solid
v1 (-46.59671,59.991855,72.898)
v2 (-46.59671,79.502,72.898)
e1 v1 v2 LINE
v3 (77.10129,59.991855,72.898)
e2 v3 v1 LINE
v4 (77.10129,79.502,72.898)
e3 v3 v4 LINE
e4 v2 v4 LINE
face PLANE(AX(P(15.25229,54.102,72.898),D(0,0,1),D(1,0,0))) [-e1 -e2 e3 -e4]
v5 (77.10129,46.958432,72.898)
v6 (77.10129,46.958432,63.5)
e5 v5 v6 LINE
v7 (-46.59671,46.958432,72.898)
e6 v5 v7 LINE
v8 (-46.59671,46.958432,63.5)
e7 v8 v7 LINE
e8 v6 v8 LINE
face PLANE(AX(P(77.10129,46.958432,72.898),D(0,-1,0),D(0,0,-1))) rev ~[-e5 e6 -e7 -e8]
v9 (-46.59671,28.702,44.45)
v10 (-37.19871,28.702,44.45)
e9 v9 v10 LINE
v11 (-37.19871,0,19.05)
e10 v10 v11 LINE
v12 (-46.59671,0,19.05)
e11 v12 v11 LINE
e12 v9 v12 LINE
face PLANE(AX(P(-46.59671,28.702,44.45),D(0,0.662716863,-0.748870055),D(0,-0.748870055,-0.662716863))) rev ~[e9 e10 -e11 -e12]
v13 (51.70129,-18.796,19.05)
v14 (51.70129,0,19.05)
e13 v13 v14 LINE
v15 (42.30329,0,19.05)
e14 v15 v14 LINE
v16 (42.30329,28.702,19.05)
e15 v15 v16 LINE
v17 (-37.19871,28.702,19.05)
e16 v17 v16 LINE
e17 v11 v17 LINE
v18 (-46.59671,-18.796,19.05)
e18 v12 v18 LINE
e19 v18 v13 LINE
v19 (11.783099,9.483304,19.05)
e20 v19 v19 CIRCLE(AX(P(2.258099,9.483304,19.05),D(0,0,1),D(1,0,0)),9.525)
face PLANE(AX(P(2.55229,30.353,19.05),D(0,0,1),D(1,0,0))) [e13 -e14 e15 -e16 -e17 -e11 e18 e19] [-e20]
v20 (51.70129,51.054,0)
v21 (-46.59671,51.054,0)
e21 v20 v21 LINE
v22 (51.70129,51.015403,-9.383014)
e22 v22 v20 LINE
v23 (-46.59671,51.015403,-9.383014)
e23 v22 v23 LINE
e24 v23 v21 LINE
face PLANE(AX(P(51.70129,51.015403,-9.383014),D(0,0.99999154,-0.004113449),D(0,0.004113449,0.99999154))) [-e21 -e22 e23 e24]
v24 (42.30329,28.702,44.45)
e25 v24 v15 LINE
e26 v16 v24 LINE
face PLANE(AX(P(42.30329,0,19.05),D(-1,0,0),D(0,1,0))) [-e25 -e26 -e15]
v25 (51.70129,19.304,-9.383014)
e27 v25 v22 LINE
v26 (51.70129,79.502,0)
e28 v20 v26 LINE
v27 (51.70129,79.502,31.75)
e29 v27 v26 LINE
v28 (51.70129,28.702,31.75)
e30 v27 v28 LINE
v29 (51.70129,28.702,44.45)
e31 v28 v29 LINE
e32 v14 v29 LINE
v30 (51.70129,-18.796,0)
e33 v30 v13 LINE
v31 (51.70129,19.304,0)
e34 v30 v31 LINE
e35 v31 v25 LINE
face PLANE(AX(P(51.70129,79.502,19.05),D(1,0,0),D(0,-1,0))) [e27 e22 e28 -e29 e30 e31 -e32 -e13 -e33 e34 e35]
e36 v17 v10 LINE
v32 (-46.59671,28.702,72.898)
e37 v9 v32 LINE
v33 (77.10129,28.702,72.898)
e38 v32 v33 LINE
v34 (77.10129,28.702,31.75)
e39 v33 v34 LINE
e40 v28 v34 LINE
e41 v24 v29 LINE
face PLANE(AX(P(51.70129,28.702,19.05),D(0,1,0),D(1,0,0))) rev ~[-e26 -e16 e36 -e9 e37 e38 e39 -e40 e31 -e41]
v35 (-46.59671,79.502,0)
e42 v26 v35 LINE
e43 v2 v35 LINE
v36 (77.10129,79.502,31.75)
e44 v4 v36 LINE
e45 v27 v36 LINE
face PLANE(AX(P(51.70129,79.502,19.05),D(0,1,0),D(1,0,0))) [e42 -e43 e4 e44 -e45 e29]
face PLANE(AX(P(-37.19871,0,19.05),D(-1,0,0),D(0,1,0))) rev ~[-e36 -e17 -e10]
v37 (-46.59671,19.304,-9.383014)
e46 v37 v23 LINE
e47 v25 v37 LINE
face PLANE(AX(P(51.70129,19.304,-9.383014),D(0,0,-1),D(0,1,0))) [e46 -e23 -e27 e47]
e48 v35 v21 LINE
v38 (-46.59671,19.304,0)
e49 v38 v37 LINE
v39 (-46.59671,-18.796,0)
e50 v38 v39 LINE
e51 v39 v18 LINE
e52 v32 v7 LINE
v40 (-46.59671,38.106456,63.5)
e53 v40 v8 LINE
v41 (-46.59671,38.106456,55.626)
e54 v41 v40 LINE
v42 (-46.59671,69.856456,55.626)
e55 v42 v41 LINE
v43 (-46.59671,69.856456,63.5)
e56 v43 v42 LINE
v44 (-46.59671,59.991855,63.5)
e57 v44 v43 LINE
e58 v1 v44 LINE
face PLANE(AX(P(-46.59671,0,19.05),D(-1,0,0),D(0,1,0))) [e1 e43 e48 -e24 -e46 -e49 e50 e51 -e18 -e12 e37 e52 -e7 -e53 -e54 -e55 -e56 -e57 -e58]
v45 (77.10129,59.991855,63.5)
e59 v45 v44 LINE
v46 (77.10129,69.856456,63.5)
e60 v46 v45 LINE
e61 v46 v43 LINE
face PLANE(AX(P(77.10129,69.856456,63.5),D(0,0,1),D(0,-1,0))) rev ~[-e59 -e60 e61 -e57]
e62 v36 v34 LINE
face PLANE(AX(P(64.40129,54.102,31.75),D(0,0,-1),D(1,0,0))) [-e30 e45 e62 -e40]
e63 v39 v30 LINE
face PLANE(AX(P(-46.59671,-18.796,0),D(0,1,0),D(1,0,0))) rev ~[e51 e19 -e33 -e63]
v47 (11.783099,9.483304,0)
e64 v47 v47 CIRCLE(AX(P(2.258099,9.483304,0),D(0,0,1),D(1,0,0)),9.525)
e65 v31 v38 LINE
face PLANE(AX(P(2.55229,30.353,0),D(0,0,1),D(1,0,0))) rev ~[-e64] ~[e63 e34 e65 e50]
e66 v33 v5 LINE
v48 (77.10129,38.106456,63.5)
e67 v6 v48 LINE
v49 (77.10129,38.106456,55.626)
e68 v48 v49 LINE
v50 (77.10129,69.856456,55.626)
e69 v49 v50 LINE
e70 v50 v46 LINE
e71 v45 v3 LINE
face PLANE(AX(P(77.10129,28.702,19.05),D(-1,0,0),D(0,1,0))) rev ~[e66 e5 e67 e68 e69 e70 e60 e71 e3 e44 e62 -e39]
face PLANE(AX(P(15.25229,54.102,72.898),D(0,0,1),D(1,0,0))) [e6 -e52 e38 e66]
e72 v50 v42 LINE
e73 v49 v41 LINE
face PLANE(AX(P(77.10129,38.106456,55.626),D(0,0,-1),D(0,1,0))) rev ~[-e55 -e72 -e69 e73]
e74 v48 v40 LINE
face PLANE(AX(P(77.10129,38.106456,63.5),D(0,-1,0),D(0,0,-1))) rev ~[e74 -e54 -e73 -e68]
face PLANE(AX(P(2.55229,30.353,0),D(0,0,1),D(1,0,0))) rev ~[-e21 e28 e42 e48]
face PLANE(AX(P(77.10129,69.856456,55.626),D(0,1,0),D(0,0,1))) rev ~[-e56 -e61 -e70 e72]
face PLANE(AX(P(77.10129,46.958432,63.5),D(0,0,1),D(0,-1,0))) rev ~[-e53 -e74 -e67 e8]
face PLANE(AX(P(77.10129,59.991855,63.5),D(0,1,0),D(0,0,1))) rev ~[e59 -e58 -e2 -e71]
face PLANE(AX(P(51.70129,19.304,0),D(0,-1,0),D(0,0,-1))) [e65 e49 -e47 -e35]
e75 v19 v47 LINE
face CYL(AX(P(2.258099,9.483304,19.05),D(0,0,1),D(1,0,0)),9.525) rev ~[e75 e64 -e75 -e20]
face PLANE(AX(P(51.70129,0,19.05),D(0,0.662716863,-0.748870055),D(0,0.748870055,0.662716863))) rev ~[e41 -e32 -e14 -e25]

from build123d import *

# Parameters (mm, degrees)
F1_DEPTH  = 19.05
F3_DEPTH  = 98.298
F4_W      = 123.698
F4_H      = 50.8
F5_DEPTH  = 53.848
F6_W      = 9.398
F6_H      = 28.702
F7_DEPTH  = 25.4
F9_DEPTH  = 25.4
F10_W     = 9.398
F10_H     = 28.702
F11_DEPTH = 25.4
F13_DEPTH = 25.4
F14_R     = 9.525
F15_DEPTH = 25.4
F17_DEPTH = 227.838
F18_DEPTH = 12.7
F19_W     = 25.4
F19_H     = 50.8
F20_DEPTH = 12.7


with BuildPart() as f1:
    # F0 (on Top) → F1 (new body)
    with BuildSketch(Plane.XY):
        Polygon((51.7012895381, 79.502), (-46.5967104619, 79.502), (-46.5967104619, 30.353), (-46.5967104619, -1.397), (-46.5967104619, -18.796), (51.7012895381, -18.796), align=None)
    extrude(amount=F1_DEPTH)

    # F2 (on face) → F3 (join)
    with BuildSketch(Plane.YZ.offset(51.7012895381)):
        Polygon((51.0154031217, -9.3830144033), (51.054, 0), (19.304, 0), (19.304, -9.3830144033), align=None)
    extrude(amount=-F3_DEPTH)

    # F4 (on face) → F5 (join)
    with BuildSketch(Plane.XY.offset(19.05)):
        with Locations((15.2522895381, 54.102)):
            Rectangle(F4_W, F4_H)
    extrude(amount=F5_DEPTH)

    # F6 (on face) → F7 (join)
    with BuildSketch(Plane.XY.offset(19.05)):
        with Locations((47.0022895381, 14.351)):
            Rectangle(F6_W, F6_H)
    extrude(amount=F7_DEPTH)

    # F8 (on face) → F9 (cut)
    with BuildSketch(Plane.YZ.offset(51.7012895381)):
        Polygon((0, 44.45), (0, 19.05), (28.702, 44.45), align=None)
    extrude(amount=-F9_DEPTH, mode=Mode.SUBTRACT)

    # F10 (on face) → F11 (join)
    with BuildSketch(Plane.XY.offset(19.05)):
        with Locations((-41.8977104619, 14.351)):
            Rectangle(F10_W, F10_H)
    extrude(amount=F11_DEPTH)

    # F12 (on face) → F13 (cut)
    with BuildSketch(Plane(origin=(-46.5967104619, 0, 0), x_dir=(0, -1, 0), z_dir=(-1, 0, 0))):
        Polygon((-28.702, 44.45), (0, 19.05), (0, 44.45), align=None)
    extrude(amount=-F13_DEPTH, mode=Mode.SUBTRACT)

    # F14 (on face) → F15 (cut)
    with BuildSketch(Plane.XY.offset(19.05)):
        with Locations((2.2580989171, 9.4833038747)):
            Circle(F14_R)
    extrude(amount=-F15_DEPTH, mode=Mode.SUBTRACT)

    # F16 (on face) → F17 (cut)
    with BuildSketch(Plane.YZ.offset(77.1012895381)):
        Polygon((59.9918551743, 72.898), (46.9584316015, 72.898), (46.9584316015, 63.5), (38.106456399, 63.5), (38.106456399, 55.626), (69.856456399, 55.626), (69.856456399, 63.5), (59.9918551743, 63.5), align=None)
    extrude(amount=-F17_DEPTH, mode=Mode.SUBTRACT)

    # F18 (add): a face of the model
    f18_faces = [f1.faces().sort_by_distance(p)[0] for p in [
        (64.4012895381, 54.102, 19.05),
    ]]
    extrude(f18_faces, amount=-F18_DEPTH)

    # F19 (on face) → F20 (cut)
    with BuildSketch(Plane(origin=(0, 0, 19.05), x_dir=(1, 0, 0), z_dir=(0, 0, -1))):
        with Locations((64.4012895381, -54.102)):
            Rectangle(F19_W, F19_H)
    extrude(amount=-F20_DEPTH, mode=Mode.SUBTRACT)


solid = f1.part
